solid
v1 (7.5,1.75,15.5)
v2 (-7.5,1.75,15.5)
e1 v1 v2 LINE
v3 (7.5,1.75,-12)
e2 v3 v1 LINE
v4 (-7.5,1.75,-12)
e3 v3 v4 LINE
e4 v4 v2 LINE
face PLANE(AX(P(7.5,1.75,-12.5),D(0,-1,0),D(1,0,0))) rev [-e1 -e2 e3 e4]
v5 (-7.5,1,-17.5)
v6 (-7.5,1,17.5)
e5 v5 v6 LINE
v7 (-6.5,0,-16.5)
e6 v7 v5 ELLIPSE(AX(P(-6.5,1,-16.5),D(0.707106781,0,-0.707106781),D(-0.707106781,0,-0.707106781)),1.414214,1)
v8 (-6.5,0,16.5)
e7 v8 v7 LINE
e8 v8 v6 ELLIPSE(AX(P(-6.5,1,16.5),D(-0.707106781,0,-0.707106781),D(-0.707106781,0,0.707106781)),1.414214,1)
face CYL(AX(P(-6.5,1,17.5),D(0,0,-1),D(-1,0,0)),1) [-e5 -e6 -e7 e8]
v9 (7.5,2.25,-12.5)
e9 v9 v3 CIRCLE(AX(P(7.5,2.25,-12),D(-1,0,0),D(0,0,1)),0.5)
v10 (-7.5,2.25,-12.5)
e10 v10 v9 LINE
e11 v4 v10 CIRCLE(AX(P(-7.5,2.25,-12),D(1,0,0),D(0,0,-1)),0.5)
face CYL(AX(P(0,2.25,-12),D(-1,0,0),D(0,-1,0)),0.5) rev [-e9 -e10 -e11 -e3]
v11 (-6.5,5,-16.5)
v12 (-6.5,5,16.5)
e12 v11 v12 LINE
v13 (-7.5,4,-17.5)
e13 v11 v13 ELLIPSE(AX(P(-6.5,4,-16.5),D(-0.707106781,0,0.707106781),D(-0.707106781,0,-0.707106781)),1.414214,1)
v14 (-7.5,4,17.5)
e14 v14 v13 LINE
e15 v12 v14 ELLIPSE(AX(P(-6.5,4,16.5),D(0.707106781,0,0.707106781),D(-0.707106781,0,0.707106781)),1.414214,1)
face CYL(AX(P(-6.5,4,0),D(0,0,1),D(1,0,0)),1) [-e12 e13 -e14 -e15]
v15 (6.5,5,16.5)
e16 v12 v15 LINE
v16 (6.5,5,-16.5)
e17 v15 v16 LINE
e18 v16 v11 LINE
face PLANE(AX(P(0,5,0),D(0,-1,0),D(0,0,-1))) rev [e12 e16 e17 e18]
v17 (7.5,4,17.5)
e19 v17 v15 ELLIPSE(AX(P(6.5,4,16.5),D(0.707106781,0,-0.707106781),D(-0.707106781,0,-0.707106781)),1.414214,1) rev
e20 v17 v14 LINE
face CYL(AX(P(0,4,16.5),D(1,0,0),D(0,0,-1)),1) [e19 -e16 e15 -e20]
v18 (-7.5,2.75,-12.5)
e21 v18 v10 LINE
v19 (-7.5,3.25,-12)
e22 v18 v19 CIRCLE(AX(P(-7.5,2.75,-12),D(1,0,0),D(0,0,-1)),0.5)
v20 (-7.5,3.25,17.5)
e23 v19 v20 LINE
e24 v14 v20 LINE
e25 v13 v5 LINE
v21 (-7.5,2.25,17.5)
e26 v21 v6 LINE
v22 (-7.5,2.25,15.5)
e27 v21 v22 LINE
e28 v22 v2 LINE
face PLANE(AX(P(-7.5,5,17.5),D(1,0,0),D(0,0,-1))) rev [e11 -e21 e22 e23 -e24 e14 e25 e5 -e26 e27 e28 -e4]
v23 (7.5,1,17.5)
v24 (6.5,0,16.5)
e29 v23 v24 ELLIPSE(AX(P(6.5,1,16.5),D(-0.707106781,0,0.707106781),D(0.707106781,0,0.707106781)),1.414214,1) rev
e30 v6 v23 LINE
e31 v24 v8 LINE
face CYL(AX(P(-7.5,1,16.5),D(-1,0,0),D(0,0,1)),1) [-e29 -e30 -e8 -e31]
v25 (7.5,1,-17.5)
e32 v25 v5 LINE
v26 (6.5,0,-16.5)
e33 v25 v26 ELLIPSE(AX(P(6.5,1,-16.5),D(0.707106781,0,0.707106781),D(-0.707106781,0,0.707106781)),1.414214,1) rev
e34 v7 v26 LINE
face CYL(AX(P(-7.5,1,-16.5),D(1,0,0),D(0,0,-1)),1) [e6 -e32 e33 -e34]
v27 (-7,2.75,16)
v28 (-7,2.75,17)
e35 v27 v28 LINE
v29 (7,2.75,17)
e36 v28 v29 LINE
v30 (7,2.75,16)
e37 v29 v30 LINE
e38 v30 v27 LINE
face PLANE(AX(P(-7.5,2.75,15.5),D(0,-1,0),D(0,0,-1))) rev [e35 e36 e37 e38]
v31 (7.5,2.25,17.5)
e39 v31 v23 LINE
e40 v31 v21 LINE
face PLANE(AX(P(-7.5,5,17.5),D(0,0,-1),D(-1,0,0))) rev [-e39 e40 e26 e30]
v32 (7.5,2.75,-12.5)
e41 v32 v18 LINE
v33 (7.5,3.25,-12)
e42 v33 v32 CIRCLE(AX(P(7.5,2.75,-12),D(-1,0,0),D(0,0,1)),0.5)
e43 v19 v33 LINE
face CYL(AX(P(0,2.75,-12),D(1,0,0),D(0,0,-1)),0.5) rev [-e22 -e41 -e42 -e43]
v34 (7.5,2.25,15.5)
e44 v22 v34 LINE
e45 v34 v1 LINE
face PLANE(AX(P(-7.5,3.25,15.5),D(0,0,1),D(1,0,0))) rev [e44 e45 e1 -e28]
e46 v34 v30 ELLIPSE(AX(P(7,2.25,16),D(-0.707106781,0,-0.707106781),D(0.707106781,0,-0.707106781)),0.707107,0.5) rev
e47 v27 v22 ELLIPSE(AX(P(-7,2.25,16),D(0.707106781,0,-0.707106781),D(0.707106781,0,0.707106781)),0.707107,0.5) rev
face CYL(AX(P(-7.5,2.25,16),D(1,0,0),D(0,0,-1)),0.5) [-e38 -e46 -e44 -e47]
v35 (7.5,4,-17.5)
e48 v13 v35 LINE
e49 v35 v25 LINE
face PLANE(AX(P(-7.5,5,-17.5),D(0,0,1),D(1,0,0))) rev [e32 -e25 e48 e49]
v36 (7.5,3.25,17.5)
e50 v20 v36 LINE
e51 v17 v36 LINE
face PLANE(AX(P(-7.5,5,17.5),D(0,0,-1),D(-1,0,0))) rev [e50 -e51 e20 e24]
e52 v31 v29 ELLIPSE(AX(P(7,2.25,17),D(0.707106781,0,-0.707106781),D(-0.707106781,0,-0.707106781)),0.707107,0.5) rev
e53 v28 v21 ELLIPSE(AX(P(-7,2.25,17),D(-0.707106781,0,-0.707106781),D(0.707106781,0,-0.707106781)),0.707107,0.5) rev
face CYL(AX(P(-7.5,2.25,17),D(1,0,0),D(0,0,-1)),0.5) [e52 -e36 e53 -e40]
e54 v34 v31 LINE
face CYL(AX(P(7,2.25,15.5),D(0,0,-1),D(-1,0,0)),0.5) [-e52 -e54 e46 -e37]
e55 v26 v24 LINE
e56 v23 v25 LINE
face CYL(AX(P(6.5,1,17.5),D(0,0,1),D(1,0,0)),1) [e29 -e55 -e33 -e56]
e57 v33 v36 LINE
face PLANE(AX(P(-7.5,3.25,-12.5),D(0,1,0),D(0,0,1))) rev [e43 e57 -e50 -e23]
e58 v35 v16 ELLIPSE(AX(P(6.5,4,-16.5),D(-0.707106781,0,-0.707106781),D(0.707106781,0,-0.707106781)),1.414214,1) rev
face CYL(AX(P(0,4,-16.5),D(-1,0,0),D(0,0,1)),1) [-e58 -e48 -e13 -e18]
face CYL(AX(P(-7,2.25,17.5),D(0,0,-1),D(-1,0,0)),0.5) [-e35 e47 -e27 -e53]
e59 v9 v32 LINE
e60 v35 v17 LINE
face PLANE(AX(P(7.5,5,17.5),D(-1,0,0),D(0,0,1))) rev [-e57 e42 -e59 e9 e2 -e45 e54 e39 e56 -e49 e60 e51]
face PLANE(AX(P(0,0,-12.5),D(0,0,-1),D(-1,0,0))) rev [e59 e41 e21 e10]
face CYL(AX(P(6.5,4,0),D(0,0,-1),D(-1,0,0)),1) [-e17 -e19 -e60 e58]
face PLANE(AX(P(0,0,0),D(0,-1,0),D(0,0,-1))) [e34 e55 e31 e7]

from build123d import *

# Parameters (mm, degrees)
SKETCH1_W           = 15
SKETCH1_H           = 35
BOSS_EXTRUDE1_DEPTH = 5
SKETCH4_W           = 15
SKETCH4_H           = 1.5
CUT_EXTRUDE1_DEPTH  = 30
FILLET1_R           = 1
FILLET2_R           = 1
FILLET3_R           = 0.5
FILLET4_R           = 0.5
SKETCH5_W           = 15
SKETCH5_H           = 2
BOSS_EXTRUDE2_DEPTH = 1.5
SKETCH8_W           = 2
SKETCH8_H           = 0.5
CUT_EXTRUDE3_DEPTH  = 15
FILLET5_R           = 0.5


with BuildPart() as part:
    # Sketch1 → Boss-Extrude1 (new body)
    with BuildSketch(Plane(origin=(0, 0, 0), x_dir=(1, 0, 0), z_dir=(0, 1, 0))):
        Rectangle(SKETCH1_W, SKETCH1_H)
    extrude(amount=BOSS_EXTRUDE1_DEPTH)

    # Sketch4 → Cut-Extrude1 (cut)
    with BuildSketch(Plane.XY.offset(17.5)):
        with Locations((0, 2.5)):
            Rectangle(SKETCH4_W, SKETCH4_H)
    extrude(amount=-CUT_EXTRUDE1_DEPTH, mode=Mode.SUBTRACT)

    # Fillet1
    fillet1_edges = [part.edges().sort_by_distance(p)[0] for p in [
        (-7.5, 5, 0),
        (0, 5, 17.5),
        (7.5, 5, 0),
        (0, 5, -17.5),
    ]]
    fillet(fillet1_edges, radius=FILLET1_R)

    # Fillet2
    fillet2_edges = [part.edges().sort_by_distance(p)[0] for p in [
        (0, 0, 17.5),
        (-7.5, 0, 0),
        (0, 0, -17.5),
        (7.5, 0, 0),
    ]]
    fillet(fillet2_edges, radius=FILLET2_R)

    # Fillet3
    fillet3_edges = [part.edges().sort_by_distance(p)[0] for p in [
        (0, 3.25, -12.5),
    ]]
    fillet(fillet3_edges, radius=FILLET3_R)

    # Fillet4
    fillet4_edges = [part.edges().sort_by_distance(p)[0] for p in [
        (0, 1.75, -12.5),
    ]]
    fillet(fillet4_edges, radius=FILLET4_R)

    # Sketch5 → Boss-Extrude2 (add)
    with BuildSketch(Plane(origin=(0, 1.75, 0), x_dir=(1, 0, 0), z_dir=(0, 1, 0))):
        with Locations((0, -16.5)):
            Rectangle(SKETCH5_W, SKETCH5_H)
    extrude(amount=BOSS_EXTRUDE2_DEPTH)

    # Sketch8 → Cut-Extrude3 (cut)
    with BuildSketch(Plane(origin=(7.5, 0, 0), x_dir=(0, 0, -1), z_dir=(1, 0, 0))):
        with Locations((-16.5, 3)):
            Rectangle(SKETCH8_W, SKETCH8_H)
    extrude(amount=-CUT_EXTRUDE3_DEPTH, mode=Mode.SUBTRACT)

    # Fillet5
    fillet5_edges = [part.edges().sort_by_distance(p)[0] for p in [
        (-7.5, 2.75, 16.5),
        (0, 2.75, 15.5),
        (0, 2.75, 17.5),
        (7.5, 2.75, 16.5),
    ]]
    fillet(fillet5_edges, radius=FILLET5_R)


solid = part.part
